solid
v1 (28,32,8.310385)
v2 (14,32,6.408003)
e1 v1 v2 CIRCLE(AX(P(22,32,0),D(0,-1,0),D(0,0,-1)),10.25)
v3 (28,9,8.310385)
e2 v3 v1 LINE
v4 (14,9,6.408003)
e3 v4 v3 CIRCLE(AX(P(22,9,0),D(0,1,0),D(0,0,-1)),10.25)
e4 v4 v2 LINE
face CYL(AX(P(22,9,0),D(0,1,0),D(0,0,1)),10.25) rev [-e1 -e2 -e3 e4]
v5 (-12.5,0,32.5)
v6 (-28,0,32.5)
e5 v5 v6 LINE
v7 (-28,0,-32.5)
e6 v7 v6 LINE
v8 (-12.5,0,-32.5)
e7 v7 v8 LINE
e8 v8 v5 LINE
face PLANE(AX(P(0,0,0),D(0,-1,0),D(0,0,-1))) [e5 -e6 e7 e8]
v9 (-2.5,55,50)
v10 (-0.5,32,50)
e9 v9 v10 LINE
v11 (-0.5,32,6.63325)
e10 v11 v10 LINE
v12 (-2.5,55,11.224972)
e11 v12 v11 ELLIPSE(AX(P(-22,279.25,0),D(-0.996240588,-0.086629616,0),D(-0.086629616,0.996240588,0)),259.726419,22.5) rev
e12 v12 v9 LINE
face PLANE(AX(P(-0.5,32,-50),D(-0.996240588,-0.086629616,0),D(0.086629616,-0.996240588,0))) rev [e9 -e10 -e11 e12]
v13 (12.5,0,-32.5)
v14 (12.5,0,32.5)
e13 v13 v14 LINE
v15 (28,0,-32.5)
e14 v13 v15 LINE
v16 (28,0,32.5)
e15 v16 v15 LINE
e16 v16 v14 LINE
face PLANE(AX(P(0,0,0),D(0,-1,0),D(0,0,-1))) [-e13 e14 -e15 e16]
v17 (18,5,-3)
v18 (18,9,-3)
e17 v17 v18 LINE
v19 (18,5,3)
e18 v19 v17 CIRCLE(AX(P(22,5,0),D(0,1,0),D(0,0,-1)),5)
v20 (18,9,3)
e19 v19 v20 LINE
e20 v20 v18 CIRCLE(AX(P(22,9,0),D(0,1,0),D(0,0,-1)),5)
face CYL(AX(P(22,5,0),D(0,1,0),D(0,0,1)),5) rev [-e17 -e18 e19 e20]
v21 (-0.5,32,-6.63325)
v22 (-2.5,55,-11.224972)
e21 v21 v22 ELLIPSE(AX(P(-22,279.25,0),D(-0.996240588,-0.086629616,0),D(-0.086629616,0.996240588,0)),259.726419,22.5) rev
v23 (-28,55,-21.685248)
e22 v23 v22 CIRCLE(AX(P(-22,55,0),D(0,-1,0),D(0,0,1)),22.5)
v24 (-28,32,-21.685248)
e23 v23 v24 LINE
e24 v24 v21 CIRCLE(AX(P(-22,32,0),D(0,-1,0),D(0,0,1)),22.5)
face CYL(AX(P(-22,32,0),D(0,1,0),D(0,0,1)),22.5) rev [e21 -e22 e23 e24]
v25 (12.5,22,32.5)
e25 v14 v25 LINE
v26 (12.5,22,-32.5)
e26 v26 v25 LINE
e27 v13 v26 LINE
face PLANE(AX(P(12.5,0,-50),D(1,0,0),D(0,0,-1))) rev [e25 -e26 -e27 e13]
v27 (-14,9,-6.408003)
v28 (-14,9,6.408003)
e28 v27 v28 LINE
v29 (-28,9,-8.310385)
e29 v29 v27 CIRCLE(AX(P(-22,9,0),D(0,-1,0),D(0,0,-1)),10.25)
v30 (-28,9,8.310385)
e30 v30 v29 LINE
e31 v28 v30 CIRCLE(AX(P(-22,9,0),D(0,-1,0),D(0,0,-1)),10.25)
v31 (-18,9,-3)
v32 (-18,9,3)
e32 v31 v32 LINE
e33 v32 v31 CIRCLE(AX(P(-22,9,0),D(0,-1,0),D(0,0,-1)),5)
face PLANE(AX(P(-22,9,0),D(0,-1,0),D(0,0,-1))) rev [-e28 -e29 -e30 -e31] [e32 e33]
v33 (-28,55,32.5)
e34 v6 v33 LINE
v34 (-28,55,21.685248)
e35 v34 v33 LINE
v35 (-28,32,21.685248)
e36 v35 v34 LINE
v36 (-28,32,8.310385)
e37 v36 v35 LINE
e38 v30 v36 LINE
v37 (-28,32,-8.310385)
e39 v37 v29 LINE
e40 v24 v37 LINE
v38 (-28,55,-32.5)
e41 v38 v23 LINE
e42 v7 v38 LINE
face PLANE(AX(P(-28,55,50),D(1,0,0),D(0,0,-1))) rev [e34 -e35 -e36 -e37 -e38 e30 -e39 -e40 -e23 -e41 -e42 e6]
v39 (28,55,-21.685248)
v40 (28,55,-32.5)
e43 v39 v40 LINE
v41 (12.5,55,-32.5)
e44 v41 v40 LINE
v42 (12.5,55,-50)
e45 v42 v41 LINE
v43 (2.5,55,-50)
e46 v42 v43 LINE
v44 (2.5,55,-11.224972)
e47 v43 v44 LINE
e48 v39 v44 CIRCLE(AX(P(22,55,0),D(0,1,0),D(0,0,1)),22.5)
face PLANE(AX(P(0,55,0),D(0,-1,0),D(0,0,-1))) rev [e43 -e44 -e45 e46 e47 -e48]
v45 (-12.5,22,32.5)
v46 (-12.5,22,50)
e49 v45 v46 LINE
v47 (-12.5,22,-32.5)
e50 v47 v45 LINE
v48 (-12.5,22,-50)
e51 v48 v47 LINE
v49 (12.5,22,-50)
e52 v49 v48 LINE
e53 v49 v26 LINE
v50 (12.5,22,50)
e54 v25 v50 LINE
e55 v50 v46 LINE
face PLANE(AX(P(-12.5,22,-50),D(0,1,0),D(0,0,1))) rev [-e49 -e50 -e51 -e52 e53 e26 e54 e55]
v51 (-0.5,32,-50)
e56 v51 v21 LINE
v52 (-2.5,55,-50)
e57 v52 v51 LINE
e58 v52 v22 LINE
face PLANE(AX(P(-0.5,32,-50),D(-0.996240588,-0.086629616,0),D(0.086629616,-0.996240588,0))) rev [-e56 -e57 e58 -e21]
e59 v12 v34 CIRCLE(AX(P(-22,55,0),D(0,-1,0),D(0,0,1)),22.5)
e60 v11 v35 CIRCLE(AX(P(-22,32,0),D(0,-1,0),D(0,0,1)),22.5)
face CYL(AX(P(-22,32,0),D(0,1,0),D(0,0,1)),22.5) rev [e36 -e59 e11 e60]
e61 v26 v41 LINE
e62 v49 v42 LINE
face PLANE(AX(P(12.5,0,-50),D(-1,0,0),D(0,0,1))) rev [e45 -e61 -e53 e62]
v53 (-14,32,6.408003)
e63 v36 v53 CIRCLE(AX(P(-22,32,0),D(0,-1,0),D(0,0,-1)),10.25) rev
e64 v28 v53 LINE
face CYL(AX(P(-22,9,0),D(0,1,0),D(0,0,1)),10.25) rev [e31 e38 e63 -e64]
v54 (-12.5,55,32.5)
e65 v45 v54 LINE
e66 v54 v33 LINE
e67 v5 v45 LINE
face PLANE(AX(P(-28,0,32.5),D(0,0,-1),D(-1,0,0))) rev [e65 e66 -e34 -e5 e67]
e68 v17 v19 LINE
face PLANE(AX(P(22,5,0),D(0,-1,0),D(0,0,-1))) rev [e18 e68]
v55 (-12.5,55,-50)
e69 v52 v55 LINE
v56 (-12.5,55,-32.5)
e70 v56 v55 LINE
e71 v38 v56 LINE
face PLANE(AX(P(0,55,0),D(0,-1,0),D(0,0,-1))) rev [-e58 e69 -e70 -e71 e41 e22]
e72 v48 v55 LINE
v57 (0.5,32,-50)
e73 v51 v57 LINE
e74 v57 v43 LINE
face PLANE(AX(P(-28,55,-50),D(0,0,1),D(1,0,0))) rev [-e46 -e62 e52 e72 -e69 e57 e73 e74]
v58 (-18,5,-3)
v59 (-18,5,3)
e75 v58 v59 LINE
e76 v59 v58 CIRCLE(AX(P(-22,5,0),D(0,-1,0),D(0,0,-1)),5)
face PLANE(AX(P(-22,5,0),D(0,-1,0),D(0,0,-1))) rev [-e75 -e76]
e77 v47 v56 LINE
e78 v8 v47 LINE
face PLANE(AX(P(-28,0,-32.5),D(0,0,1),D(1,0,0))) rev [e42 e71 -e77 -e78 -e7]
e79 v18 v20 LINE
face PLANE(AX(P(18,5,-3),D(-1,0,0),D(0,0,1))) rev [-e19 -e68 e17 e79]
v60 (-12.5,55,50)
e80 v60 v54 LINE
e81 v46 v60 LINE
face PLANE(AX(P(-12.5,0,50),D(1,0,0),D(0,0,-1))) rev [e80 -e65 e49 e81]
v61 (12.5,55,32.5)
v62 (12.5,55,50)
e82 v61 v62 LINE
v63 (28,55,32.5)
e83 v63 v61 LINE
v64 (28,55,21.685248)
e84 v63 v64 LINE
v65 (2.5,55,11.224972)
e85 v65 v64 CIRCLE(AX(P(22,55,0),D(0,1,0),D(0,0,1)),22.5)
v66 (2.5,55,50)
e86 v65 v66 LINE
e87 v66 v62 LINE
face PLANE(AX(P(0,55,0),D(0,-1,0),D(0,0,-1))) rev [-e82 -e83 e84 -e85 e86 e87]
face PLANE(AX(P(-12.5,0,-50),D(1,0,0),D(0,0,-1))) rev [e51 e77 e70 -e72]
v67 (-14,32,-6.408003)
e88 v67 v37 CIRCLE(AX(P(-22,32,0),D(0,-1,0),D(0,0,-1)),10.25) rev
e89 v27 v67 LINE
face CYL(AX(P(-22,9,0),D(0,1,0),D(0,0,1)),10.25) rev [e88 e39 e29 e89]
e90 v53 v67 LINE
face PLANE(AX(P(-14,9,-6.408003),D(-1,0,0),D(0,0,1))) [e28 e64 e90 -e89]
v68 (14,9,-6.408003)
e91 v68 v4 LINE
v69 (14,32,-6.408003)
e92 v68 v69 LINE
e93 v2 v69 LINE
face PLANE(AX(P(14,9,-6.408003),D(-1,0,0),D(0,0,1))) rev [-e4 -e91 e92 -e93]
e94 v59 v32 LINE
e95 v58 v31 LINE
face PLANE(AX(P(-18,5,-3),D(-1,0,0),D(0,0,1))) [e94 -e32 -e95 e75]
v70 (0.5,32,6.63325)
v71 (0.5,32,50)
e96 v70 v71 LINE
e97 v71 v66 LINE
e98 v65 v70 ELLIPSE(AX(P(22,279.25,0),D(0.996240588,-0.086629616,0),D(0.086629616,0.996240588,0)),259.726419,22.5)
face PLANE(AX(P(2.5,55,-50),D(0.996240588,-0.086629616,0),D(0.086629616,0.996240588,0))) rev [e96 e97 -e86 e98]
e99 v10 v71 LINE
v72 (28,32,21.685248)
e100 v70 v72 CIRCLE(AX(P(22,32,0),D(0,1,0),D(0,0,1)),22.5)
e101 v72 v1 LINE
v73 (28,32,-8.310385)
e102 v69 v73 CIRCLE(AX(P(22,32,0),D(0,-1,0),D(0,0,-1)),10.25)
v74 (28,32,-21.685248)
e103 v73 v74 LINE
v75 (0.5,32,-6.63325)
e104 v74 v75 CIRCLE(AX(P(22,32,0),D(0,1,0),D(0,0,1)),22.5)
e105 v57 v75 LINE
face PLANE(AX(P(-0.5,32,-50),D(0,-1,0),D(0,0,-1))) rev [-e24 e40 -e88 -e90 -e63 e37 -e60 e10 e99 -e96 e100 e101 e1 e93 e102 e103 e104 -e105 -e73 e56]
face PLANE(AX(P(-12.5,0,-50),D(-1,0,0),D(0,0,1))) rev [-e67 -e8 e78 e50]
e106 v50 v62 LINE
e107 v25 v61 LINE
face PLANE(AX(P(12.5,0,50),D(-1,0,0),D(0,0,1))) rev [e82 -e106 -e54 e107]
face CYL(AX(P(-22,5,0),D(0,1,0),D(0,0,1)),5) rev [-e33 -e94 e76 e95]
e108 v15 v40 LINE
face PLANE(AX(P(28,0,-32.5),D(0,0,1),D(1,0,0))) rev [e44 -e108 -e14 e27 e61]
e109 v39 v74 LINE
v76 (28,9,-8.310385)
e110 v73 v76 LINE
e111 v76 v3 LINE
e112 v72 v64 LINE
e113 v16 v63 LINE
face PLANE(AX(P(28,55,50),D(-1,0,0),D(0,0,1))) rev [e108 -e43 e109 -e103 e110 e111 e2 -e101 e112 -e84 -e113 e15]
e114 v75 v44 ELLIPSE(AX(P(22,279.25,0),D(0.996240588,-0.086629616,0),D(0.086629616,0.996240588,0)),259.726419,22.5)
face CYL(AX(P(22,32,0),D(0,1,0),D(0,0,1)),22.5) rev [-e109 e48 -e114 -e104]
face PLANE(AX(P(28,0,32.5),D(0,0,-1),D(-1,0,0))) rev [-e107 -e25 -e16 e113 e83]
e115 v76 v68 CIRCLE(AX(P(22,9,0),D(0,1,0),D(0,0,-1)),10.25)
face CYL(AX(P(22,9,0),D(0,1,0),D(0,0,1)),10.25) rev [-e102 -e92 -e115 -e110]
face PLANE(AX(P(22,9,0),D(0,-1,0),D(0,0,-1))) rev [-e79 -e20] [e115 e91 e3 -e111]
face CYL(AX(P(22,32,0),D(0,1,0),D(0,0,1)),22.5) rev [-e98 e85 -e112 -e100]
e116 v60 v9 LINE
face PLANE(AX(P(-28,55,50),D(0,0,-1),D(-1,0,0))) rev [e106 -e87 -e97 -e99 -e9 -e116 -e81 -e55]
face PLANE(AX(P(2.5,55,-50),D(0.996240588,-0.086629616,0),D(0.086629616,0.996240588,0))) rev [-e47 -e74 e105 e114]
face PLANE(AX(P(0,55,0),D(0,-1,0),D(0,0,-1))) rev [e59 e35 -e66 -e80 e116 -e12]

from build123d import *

# Parameters (mm, degrees)
SKETCH1_W           = 56
SKETCH1_H           = 100
BOSS_EXTRUDE1_DEPTH = 55
CUT_EXTRUDE2_DEPTH  = 118.511701545
SKETCH7_R           = 22.5
SKETCH7_R_2         = 10
CUT_EXTRUDE4_DEPTH  = 23
CUT_EXTRUDE5_DEPTH  = 46
CUT_EXTRUDE6_DEPTH  = 4
CUT_EXTRUDE7_DEPTH  = 23
SKETCH12_W          = 15.5
SKETCH12_H          = 17.5
CUT_EXTRUDE8_DEPTH  = 80.429213769
SKETCH13_W          = 25
SKETCH13_H          = 22
CUT_EXTRUDE9_DEPTH  = 118.511701545


with BuildPart() as part:
    # Sketch1 → Boss-Extrude1 (new body)
    with BuildSketch(Plane(origin=(0, 0, 0), x_dir=(1, 0, 0), z_dir=(0, 1, 0))):
        Rectangle(SKETCH1_W, SKETCH1_H)
    extrude(amount=BOSS_EXTRUDE1_DEPTH)

    # Sketch3 → Cut-Extrude2 (cut, through all)
    with BuildSketch(Plane.XY.offset(50)):
        Polygon((-0.5, 32), (-2.5, 55), (2.5, 55), (0.5, 32), align=None)
    extrude(amount=-CUT_EXTRUDE2_DEPTH, mode=Mode.SUBTRACT)

    # Sketch7 → Cut-Extrude4 (cut)
    with BuildSketch(Plane(origin=(0, 55, 0), x_dir=(1, 0, 0), z_dir=(0, 1, 0))):
        with Locations((22, 0)):
            Circle(SKETCH7_R)
        with Locations((22, 0)):
            Circle(SKETCH7_R_2, mode=Mode.SUBTRACT)
    cut_extrude4 = extrude(amount=-CUT_EXTRUDE4_DEPTH, mode=Mode.SUBTRACT)

    # Sketch9 → Cut-Extrude5 (cut)
    with BuildSketch(Plane(origin=(0, 55, 0), x_dir=(1, 0, 0), z_dir=(0, 1, 0))):
        with BuildLine():
            Line((14, 6.408002809), (14, -6.408002809))
            ThreePointArc((14, -6.408002809), (32.25, 0), (14, 6.408002809))
        make_face()
    cut_extrude5 = extrude(amount=-CUT_EXTRUDE5_DEPTH, mode=Mode.SUBTRACT)

    # Sketch10 → Cut-Extrude6 (cut)
    with BuildSketch(Plane(origin=(0, 9, 0), x_dir=(1, 0, 0), z_dir=(0, 1, 0))):
        with BuildLine():
            Line((18, 3), (18, -3))
            ThreePointArc((18, -3), (27, 0), (18, 3))
        make_face()
    cut_extrude6 = extrude(amount=-CUT_EXTRUDE6_DEPTH, mode=Mode.SUBTRACT)

    # Sketch11 → Cut-Extrude7 (cut)
    with BuildSketch(Plane(origin=(0, 55, 0), x_dir=(1, 0, 0), z_dir=(0, 1, 0))):
        with BuildLine():
            Line((14, 6.408002809), (14, -6.408002809))
            ThreePointArc((14, -6.408002809), (11.677076266, 0), (14, 6.408002809))
        make_face()
    cut_extrude7 = extrude(amount=-CUT_EXTRUDE7_DEPTH, mode=Mode.SUBTRACT)

    # Mirror1: Cut-Extrude4, Cut-Extrude5, Cut-Extrude6, Cut-Extrude7 across plane
    add(cut_extrude4.mirror(Plane(origin=(0, 0, 0), x_dir=(0, 0, 1), z_dir=(1, 0, 0))), mode=Mode.SUBTRACT)
    add(cut_extrude5.mirror(Plane(origin=(0, 0, 0), x_dir=(0, 0, 1), z_dir=(1, 0, 0))), mode=Mode.SUBTRACT)
    add(cut_extrude6.mirror(Plane(origin=(0, 0, 0), x_dir=(0, 0, 1), z_dir=(1, 0, 0))), mode=Mode.SUBTRACT)
    add(cut_extrude7.mirror(Plane(origin=(0, 0, 0), x_dir=(0, 0, 1), z_dir=(1, 0, 0))), mode=Mode.SUBTRACT)

    # Sketch12 → Cut-Extrude8 (cut, through all)
    with BuildSketch(Plane(origin=(0, 55, 0), x_dir=(1, 0, 0), z_dir=(0, 1, 0))):
        with Locations((-20.25, 41.25)):
            Rectangle(SKETCH12_W, SKETCH12_H)
        with Locations((20.25, 41.25)):
            Rectangle(SKETCH12_W, SKETCH12_H)
        with Locations((-20.25, -41.25)):
            Rectangle(SKETCH12_W, SKETCH12_H)
        with Locations((20.25, -41.25)):
            Rectangle(SKETCH12_W, SKETCH12_H)
    extrude(amount=-CUT_EXTRUDE8_DEPTH, mode=Mode.SUBTRACT)

    # Sketch13 → Cut-Extrude9 (cut, through all)
    with BuildSketch(Plane.XY.offset(50)):
        with Locations((0, 11)):
            Rectangle(SKETCH13_W, SKETCH13_H)
    extrude(amount=-CUT_EXTRUDE9_DEPTH, mode=Mode.SUBTRACT)


solid = part.part
